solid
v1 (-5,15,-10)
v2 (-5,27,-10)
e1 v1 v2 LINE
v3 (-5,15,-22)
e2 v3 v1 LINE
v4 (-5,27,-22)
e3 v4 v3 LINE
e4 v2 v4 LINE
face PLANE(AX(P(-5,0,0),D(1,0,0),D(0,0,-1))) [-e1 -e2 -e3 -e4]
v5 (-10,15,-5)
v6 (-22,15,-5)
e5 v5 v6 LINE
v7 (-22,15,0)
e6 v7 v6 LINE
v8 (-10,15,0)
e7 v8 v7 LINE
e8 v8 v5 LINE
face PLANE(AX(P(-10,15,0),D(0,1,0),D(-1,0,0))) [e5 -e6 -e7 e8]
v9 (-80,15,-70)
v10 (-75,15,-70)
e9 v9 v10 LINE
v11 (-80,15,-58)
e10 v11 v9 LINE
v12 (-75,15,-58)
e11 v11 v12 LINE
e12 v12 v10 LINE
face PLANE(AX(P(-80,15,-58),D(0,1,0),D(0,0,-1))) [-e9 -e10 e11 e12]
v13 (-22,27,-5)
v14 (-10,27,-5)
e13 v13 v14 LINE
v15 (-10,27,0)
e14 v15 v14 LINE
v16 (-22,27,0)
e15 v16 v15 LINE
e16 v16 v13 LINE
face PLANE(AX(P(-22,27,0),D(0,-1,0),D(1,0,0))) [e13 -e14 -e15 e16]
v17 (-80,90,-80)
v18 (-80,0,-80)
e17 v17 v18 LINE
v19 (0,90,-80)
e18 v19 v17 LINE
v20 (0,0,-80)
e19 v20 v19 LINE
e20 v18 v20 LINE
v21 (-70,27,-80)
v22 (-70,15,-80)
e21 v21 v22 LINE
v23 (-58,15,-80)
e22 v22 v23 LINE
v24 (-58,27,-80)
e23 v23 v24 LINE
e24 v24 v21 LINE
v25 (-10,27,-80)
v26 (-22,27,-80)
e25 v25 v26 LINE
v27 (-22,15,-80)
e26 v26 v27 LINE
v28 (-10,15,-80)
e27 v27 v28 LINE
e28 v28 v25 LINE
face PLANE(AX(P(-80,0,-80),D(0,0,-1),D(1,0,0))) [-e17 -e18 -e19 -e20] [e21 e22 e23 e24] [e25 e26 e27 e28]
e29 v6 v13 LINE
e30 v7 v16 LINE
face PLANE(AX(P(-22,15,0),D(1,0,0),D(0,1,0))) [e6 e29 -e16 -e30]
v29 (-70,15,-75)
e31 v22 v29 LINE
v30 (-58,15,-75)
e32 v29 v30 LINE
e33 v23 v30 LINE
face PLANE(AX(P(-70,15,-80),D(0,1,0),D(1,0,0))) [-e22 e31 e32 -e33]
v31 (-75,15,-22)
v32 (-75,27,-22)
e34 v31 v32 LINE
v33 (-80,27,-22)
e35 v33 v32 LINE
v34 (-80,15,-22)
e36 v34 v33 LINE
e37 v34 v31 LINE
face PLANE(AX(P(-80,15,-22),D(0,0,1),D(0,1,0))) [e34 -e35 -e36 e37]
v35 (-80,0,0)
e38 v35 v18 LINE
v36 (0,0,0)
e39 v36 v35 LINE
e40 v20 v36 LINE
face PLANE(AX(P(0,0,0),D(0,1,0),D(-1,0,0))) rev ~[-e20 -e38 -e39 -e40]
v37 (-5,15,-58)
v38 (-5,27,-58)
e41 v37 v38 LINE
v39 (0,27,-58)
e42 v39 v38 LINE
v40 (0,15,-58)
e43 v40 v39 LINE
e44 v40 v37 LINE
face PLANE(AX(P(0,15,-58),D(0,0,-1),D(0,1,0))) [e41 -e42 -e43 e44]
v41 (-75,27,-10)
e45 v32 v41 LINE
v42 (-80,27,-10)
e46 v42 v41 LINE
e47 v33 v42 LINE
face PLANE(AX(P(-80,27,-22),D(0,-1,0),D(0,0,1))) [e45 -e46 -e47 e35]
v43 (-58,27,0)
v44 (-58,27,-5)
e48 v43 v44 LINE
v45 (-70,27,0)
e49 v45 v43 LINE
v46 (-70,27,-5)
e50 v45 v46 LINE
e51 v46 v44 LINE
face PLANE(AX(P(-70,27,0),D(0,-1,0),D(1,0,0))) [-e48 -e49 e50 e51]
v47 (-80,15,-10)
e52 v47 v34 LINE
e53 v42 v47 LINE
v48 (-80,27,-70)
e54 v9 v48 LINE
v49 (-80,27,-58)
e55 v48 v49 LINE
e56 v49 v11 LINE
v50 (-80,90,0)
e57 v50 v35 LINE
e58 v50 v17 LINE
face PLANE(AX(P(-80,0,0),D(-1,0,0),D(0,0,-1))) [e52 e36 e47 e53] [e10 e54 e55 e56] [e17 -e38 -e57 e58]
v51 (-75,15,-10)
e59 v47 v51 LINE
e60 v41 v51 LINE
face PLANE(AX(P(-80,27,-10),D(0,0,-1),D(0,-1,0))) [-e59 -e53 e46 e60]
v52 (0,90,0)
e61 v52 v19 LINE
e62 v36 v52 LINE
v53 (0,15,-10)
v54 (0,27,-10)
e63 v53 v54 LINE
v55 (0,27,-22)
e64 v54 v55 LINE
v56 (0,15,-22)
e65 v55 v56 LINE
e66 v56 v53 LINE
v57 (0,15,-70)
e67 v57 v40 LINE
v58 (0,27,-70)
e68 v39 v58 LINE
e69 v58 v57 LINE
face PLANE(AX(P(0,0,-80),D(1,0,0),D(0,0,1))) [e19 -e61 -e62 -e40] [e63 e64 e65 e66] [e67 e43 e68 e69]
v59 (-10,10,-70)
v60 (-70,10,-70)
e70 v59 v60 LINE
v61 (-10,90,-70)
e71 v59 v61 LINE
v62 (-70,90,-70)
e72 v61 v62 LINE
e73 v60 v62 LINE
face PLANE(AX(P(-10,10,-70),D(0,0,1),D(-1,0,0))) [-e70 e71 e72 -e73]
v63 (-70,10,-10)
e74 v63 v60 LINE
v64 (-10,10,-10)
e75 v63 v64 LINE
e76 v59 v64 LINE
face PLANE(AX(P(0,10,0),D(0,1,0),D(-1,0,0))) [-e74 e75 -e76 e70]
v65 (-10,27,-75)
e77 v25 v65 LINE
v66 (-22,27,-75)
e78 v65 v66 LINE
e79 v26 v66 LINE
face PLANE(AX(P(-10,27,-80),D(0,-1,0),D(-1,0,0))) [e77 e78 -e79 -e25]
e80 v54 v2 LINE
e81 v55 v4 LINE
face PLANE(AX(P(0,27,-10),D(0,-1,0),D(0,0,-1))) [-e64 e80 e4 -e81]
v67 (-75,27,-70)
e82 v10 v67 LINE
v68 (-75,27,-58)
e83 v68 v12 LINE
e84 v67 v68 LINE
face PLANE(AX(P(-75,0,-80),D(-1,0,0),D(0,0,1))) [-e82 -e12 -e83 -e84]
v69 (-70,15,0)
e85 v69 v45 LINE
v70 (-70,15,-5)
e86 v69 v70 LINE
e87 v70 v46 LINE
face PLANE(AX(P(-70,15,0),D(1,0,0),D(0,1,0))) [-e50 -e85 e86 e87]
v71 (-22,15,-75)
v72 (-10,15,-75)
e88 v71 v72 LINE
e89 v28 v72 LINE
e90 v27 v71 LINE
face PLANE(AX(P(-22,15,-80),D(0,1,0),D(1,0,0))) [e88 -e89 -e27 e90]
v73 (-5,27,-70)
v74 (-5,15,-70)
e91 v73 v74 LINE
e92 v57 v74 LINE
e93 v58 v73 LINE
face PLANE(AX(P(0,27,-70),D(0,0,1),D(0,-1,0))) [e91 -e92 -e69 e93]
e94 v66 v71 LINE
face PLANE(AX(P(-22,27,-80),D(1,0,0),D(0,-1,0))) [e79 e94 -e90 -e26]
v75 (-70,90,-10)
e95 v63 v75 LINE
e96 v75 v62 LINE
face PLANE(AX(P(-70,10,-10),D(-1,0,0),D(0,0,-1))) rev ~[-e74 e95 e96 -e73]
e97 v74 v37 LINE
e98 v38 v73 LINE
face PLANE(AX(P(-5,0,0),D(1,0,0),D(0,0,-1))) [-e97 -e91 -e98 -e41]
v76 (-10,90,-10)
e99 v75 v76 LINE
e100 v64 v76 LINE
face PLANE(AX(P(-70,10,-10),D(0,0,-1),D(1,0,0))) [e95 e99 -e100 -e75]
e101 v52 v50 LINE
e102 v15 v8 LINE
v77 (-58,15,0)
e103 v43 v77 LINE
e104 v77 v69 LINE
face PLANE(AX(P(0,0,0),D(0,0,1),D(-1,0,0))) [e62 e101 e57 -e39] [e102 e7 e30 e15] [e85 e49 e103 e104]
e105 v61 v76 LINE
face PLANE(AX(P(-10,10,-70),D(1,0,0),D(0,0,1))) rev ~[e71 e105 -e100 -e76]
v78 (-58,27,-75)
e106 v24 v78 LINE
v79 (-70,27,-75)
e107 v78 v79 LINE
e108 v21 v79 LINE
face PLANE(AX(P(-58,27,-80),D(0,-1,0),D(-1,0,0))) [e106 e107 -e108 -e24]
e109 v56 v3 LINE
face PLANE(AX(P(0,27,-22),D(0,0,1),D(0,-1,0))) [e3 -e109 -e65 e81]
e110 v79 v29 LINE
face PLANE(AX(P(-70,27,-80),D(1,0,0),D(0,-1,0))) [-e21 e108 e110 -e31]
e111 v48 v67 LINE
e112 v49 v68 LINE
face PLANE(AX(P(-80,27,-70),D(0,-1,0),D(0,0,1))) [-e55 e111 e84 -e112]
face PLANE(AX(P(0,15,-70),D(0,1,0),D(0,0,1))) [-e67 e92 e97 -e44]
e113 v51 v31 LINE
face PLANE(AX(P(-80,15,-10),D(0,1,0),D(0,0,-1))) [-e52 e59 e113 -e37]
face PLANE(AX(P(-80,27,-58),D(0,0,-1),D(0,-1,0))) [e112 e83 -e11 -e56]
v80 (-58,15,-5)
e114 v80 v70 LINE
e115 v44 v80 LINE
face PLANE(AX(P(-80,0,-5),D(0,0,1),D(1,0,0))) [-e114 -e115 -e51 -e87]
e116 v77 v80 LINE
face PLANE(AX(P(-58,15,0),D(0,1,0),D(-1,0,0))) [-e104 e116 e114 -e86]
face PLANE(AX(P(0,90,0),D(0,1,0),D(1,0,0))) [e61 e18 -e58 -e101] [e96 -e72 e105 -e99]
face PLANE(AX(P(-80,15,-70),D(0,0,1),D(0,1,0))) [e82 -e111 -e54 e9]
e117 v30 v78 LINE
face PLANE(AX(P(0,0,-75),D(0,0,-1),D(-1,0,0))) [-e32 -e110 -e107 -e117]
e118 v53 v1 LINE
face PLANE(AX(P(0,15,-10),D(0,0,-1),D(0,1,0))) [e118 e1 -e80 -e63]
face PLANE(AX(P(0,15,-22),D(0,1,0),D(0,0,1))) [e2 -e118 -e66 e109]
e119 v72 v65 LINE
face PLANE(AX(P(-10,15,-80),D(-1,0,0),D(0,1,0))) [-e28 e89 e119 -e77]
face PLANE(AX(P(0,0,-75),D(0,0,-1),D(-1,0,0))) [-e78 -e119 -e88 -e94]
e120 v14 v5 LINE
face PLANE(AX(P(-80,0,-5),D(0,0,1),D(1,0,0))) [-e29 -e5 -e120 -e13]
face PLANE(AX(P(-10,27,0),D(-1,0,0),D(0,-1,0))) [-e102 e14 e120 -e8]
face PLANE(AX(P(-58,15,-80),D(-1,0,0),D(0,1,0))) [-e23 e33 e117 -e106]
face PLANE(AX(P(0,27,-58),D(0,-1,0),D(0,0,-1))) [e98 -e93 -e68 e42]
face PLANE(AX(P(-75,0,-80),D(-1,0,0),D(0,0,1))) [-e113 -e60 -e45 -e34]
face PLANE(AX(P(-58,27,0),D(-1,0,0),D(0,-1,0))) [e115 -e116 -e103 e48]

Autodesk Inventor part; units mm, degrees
ref_plane "YZ Plane" through (0, 0, 0) normal (1, 0, 0) x (0, 1, 0)
ref_plane "XZ Plane" through (0, 0, 0) normal (0, 1, 0) x (-1, 0, 0)
ref_plane "XY Plane" through (0, 0, 0) normal (0, 0, 1) x (1, 0, 0)
sketch "Sketch1" plane through (0, 0, 0) normal (0, 1, 0) x (-1, 0, 0)
  line L0 (0, 0) -> (80, 0)
  line L1 (80, 0) -> (80, -80)
  line L2 (80, -80) -> (0, -80)
  line L3 (0, -80) -> (0, 0)
  dimension "d0" = 80
  dimension "d1" = 80
extrude "Extrusion1" add sketch "Sketch1" along normal blind 10
sketch "Sketch2" plane through (0, 10, 0) normal (0, 1, 0) x (1, 0, 0)
  line L0 (-80, 0) -> (0, 0) projected
  line L1 (0, 0) -> (-80, 0)
  line L2 (-80, 0) -> (-80, 10)
  line L3 (-80, 10) -> (0, 10)
  line L4 (0, 10) -> (0, 0)
  line L5 (0, 80) -> (-80, 80) projected
  line L6 (-80, 0) -> (-70, 0)
  line L7 (-70, 0) -> (-70, 80)
  line L8 (-70, 80) -> (-80, 80)
  line L9 (-80, 80) -> (-80, 0)
  line L10 (-80, 80) -> (0, 80)
  line L11 (0, 80) -> (0, 70)
  line L12 (0, 70) -> (-80, 70)
  line L13 (-80, 70) -> (-80, 80)
  line L14 (0, 80) -> (-10, 80)
  line L15 (-10, 80) -> (-10, 0)
  line L16 (-10, 0) -> (0, 0)
  line L17 (0, 0) -> (0, 80)
  point P0 (-70, 10)
  point P1 (-70, 70)
  point P2 (-10, 70)
  point P3 (-10, 10)
  dimension "d4" = 10
  dimension "d5" = 10
  dimension "d6" = 10
  dimension "d7" = 10
  dimension "d8" = 80
  dimension "d9" = 0
extrude "Extrusion2" add sketch "Sketch2" along normal blind 80 contours L2 L3 L7 L0 | L7 L3 L15 L0 | L9 L12 L7 L3 | L15 L3 L4 L0 | L9 L5 L7 L12 | L15 L12 L17 L3 | L7 L5 L15 L12 | L15 L5 L11 L12
sketch "Sketch3" plane through (-80, 0, 0) normal (0, 0, 1) x (1, 0, 0)
  line L0 (10, 27) -> (22, 27)
  line L1 (22, 27) -> (22, 15)
  line L2 (22, 15) -> (10, 15)
  line L3 (10, 15) -> (10, 27)
  line L4 (0, 0) -> (0, 90) projected
  line L5 (0, 0) -> (80, 0) projected
  line L6 (58, 27) -> (70, 27)
  line L7 (70, 27) -> (70, 15)
  line L8 (70, 15) -> (58, 15)
  line L9 (58, 15) -> (58, 27)
  line L10 (80, 0) -> (80, 90) projected
  dimension "d12" = 12
  dimension "d13" = 12
  dimension "d14" = 10
  dimension "d15" = 15
  dimension "d16" = 12
  dimension "d17" = 12
  dimension "d18" = 10
  dimension "d19" = 15
sketch "Sketch4" plane through (0, 0, 0) normal (1, 0, 0) x (0, 0, -1)
  line L0 (10, 27) -> (22, 27)
  line L1 (22, 27) -> (22, 15)
  line L2 (22, 15) -> (10, 15)
  line L3 (10, 15) -> (10, 27)
  line L4 (0, 0) -> (0, 90) projected
  line L5 (0, 0) -> (80, 0) projected
  line L6 (58, 27) -> (70, 27)
  line L7 (70, 27) -> (70, 15)
  line L8 (70, 15) -> (58, 15)
  line L9 (58, 15) -> (58, 27)
  line L10 (80, 0) -> (80, 90) projected
  point P0 (16, 15)
  dimension "d20" = 12
  dimension "d21" = 12
  dimension "d22" = 10
  dimension "d23" = 15
  dimension "d24" = 12
  dimension "d25" = 12
  dimension "d26" = 10
  dimension "d27" = 15
sketch "Sketch5" plane through (0, 0, -80) normal (0, 0, -1) x (-1, 0, 0)
  line L0 (10, 27) -> (22, 27)
  line L1 (22, 27) -> (22, 15)
  line L2 (22, 15) -> (10, 15)
  line L3 (10, 15) -> (10, 27)
  line L4 (0, 0) -> (0, 90) projected
  line L5 (0, 0) -> (80, 0) projected
  line L6 (58, 27) -> (70, 27)
  line L7 (70, 27) -> (70, 15)
  line L8 (70, 15) -> (58, 15)
  line L9 (58, 15) -> (58, 27)
  line L10 (80, 0) -> (80, 90) projected
  dimension "d28" = 12
  dimension "d29" = 12
  dimension "d30" = 10
  dimension "d31" = 15
  dimension "d32" = 12
  dimension "d33" = 12
  dimension "d34" = 10
  dimension "d35" = 15
sketch "Sketch6" plane through (0, 0, -80) normal (0, 0, -1) x (-1, 0, 0)
  point P0 (0, 0)
sketch "Sketch7" plane through (-80, 0, -80) normal (-1, 0, 0) x (0, 0, 1)
  line L0 (10, 27) -> (22, 27)
  line L1 (22, 27) -> (22, 15)
  line L2 (22, 15) -> (10, 15)
  line L3 (10, 15) -> (10, 27)
  line L4 (0, 0) -> (0, 90) projected
  line L5 (0, 0) -> (80, 0) projected
  line L6 (58, 27) -> (70, 27)
  line L7 (70, 27) -> (70, 15)
  line L8 (70, 15) -> (58, 15)
  line L9 (58, 15) -> (58, 27)
  line L10 (80, 0) -> (80, 90) projected
  point P0 (16, 15)
  dimension "d36" = 12
  dimension "d37" = 12
  dimension "d38" = 10
  dimension "d39" = 15
  dimension "d40" = 12
  dimension "d41" = 12
  dimension "d42" = 10
  dimension "d43" = 15
extrude "Extrusion3" cut sketch "Sketch7" against normal blind 5
extrude "Extrusion4" cut sketch "Sketch4" against normal blind 5
extrude "Extrusion5" cut sketch "Sketch3" against normal blind 5
extrude "Extrusion6" cut sketch "Sketch5" against normal blind 5
properties part number "Box"
